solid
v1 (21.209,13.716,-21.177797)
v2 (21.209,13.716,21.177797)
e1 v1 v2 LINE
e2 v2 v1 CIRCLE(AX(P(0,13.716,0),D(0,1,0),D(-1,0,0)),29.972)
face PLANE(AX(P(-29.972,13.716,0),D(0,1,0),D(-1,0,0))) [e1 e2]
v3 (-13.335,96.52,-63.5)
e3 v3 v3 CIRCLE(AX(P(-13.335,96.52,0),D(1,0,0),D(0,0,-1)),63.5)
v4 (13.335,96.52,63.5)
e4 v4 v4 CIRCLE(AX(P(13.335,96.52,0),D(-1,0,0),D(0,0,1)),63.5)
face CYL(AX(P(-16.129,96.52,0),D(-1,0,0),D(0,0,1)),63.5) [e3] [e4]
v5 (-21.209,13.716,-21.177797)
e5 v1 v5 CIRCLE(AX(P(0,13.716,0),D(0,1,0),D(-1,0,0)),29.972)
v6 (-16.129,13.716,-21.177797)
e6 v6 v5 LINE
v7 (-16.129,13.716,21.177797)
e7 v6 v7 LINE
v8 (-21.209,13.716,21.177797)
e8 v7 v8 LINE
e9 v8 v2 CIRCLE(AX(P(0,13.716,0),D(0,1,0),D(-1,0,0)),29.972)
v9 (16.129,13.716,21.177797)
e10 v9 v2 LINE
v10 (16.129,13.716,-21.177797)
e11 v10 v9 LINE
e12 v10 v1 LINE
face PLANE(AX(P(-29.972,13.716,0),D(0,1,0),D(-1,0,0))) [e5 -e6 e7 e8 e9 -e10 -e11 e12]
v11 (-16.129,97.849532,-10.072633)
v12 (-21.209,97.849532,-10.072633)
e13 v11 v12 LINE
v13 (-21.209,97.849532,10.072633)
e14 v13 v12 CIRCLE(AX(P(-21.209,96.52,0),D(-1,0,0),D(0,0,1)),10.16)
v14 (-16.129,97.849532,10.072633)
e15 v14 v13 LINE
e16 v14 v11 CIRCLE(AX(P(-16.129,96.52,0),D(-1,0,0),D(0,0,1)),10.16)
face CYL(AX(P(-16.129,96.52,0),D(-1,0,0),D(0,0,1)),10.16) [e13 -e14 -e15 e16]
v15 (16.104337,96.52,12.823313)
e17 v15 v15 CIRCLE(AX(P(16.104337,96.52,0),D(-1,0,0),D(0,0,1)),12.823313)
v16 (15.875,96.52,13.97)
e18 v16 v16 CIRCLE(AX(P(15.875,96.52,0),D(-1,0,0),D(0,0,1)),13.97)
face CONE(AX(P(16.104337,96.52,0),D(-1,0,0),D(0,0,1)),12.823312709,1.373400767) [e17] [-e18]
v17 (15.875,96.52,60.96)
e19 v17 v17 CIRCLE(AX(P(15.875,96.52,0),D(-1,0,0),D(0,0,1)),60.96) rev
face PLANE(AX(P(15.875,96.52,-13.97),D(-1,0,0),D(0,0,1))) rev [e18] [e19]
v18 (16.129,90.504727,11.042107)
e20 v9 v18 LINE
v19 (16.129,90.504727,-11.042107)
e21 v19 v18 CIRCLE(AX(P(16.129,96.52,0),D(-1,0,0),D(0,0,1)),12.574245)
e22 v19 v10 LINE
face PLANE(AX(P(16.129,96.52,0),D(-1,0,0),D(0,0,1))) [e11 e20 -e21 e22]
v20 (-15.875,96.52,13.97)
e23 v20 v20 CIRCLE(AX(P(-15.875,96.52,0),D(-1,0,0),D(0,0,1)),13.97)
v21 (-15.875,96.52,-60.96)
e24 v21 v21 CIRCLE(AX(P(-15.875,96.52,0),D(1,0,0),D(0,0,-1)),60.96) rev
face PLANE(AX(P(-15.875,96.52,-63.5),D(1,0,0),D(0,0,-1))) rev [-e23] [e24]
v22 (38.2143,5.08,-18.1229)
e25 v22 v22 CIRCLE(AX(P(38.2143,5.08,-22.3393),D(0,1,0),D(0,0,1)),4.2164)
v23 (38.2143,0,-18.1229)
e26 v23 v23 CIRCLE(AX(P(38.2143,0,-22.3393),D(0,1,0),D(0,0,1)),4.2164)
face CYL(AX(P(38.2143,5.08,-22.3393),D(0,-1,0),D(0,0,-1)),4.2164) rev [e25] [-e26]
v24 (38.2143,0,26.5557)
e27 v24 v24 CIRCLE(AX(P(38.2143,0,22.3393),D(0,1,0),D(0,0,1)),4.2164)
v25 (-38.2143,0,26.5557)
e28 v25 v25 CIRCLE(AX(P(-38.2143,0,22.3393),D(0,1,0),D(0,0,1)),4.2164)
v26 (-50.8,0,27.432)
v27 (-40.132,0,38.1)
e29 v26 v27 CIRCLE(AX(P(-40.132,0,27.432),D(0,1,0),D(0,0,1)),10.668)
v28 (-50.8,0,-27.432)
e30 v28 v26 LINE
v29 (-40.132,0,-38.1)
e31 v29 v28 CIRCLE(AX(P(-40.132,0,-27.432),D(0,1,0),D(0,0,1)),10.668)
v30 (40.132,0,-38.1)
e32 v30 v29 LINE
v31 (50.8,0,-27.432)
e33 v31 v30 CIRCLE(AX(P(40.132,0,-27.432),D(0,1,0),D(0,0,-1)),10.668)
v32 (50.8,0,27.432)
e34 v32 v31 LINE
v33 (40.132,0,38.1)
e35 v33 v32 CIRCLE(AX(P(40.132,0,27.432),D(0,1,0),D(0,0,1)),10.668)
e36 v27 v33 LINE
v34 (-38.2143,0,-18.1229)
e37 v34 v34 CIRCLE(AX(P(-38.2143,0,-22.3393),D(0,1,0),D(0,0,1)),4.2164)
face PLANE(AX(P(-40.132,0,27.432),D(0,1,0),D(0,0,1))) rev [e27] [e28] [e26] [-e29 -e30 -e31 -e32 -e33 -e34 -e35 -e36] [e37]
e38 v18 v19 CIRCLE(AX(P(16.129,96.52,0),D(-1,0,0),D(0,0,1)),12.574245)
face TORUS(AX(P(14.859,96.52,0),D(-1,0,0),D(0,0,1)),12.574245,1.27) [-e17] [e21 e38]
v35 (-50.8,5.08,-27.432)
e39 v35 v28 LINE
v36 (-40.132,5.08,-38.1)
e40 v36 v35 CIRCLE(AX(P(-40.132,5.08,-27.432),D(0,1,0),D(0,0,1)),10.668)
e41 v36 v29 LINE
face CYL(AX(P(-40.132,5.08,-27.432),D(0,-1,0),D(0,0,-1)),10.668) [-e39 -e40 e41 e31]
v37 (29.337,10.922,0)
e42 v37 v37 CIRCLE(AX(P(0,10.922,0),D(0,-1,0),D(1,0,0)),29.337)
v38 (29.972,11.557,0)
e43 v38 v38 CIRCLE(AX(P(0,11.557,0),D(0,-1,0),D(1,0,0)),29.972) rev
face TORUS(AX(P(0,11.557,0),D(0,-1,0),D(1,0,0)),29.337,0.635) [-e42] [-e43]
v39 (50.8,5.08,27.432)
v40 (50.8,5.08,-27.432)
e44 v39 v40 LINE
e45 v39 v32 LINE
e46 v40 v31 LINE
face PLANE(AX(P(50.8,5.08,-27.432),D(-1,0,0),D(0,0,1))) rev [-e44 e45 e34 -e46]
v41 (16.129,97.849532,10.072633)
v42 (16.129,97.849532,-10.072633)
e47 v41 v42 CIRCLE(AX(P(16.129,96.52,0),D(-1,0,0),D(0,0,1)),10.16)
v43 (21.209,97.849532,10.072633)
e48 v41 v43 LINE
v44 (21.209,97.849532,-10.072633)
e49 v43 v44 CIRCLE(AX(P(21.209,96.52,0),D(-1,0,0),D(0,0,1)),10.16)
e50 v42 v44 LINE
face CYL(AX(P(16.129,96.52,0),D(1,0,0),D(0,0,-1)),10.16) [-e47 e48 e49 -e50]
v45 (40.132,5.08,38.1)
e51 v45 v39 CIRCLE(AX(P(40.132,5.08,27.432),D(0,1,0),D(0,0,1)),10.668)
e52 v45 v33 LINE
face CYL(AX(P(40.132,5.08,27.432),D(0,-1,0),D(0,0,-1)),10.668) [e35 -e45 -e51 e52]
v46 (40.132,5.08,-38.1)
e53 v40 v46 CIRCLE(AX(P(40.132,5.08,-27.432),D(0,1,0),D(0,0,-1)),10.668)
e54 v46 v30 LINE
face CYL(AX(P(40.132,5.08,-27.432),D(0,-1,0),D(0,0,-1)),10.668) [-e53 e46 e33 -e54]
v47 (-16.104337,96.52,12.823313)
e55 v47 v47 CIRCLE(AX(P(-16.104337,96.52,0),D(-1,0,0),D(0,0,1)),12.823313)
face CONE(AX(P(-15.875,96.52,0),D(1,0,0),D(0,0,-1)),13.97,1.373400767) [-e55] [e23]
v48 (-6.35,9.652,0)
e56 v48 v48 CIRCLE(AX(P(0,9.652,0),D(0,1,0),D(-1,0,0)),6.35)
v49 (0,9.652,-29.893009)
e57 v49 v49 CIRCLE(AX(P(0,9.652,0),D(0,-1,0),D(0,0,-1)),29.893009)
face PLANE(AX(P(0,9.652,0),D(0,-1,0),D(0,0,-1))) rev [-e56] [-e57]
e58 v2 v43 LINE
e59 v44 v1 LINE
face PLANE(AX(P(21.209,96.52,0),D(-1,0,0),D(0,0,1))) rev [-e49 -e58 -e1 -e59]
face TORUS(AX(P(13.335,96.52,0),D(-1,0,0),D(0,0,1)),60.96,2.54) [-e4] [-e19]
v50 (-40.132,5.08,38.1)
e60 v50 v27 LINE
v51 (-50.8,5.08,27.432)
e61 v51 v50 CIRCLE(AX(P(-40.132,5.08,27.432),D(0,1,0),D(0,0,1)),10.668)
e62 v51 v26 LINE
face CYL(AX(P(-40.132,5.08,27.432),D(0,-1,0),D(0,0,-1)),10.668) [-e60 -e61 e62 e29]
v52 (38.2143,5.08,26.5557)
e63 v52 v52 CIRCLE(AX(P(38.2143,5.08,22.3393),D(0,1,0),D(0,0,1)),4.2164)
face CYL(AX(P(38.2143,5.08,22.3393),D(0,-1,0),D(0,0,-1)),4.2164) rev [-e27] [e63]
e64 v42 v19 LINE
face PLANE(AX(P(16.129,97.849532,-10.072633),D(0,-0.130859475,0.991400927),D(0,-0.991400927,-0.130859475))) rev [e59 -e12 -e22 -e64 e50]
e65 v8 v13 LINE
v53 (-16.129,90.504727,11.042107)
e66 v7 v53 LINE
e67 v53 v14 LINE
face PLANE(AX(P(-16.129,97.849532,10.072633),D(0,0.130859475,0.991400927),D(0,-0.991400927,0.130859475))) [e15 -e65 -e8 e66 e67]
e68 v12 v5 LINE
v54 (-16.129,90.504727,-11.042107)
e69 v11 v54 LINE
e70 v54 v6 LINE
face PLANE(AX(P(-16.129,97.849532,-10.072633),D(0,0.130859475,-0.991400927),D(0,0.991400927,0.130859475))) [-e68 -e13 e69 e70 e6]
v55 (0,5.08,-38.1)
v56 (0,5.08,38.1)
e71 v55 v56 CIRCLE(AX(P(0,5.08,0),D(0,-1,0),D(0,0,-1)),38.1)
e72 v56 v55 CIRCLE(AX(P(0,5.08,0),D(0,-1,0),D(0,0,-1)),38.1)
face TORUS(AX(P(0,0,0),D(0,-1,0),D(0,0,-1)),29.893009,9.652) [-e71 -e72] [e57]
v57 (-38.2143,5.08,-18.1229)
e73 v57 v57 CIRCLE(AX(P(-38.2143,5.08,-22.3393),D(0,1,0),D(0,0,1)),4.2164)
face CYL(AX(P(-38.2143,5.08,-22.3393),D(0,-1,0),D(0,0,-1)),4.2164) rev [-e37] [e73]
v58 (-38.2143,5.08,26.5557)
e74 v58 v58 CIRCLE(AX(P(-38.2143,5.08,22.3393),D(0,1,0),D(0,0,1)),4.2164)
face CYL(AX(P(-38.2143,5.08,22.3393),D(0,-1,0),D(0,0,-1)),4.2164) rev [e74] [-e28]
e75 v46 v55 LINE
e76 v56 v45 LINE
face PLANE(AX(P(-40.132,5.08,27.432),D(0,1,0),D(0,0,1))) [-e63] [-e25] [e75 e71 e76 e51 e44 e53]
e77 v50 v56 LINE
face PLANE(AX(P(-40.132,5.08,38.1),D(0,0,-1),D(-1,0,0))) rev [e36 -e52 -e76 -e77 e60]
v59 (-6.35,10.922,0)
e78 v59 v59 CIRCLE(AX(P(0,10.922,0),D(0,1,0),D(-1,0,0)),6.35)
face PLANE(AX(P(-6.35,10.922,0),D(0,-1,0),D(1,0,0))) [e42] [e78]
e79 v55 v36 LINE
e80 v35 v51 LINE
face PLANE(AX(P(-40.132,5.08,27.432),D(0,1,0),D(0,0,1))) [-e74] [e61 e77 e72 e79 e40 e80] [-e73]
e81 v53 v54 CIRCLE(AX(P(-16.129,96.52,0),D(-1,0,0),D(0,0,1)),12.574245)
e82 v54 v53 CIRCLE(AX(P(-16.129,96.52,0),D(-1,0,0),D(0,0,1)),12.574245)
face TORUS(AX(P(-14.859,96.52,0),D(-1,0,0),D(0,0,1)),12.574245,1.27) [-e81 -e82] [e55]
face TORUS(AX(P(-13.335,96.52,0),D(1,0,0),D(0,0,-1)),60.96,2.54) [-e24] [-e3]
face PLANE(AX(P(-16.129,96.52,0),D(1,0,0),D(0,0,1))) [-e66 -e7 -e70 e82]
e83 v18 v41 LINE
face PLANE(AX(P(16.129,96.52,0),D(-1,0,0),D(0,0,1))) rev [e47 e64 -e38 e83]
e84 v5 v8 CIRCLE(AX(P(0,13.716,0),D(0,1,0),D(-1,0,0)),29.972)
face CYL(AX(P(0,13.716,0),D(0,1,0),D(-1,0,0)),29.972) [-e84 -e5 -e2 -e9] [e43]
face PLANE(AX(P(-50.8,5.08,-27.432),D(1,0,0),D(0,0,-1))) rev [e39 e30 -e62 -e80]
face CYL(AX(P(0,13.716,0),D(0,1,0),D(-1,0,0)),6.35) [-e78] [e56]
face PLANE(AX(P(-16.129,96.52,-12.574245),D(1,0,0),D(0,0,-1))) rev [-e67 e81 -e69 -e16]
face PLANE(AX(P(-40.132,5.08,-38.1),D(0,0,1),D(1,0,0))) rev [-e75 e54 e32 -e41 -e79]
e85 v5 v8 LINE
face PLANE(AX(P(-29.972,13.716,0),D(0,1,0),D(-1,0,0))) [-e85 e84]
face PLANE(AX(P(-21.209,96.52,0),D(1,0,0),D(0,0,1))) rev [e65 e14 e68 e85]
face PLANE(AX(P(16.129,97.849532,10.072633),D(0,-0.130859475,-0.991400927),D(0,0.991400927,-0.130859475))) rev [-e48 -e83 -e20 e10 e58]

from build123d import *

# Parameters (mm, degrees)
SKETCH1_R               = 4.2164
MOUNTING_PLATE_MP_DEPTH = 5.08
WHEEL_SUPPORT_1_DEPTH   = 5.08
FILLET1_R               = 2.54
FILLET2_R               = 0.635


with BuildPart() as part:
    # Sketch1 → Mounting Plate (MP) (new body)
    with BuildSketch(Plane(origin=(0, 0, 0), x_dir=(1, 0, 0), z_dir=(0, 1, 0))):
        with BuildLine():
            Line((-40.132, 38.1), (40.132, 38.1))
            ThreePointArc((40.132, 38.1), (47.675415142, 34.975415142), (50.8, 27.432))
            Line((50.8, 27.432), (50.8, -27.432))
            ThreePointArc((50.8, -27.432), (47.675415142, -34.975415142), (40.132, -38.1))
            Line((40.132, -38.1), (-40.132, -38.1))
            ThreePointArc((-40.132, -38.1), (-47.675415142, -34.975415142), (-50.8, -27.432))
            Line((-50.8, -27.432), (-50.8, 27.432))
            ThreePointArc((-50.8, 27.432), (-47.675415142, 34.975415142), (-40.132, 38.1))
        make_face()
        with Locations((38.2143, 22.3393)):
            Circle(SKETCH1_R, mode=Mode.SUBTRACT)
        with Locations((-38.2143, 22.3393)):
            Circle(SKETCH1_R, mode=Mode.SUBTRACT)
        with Locations((-38.2143, -22.3393)):
            Circle(SKETCH1_R, mode=Mode.SUBTRACT)
        with Locations((38.2143, -22.3393)):
            Circle(SKETCH1_R, mode=Mode.SUBTRACT)
    extrude(amount=MOUNTING_PLATE_MP_DEPTH)

    # Sketch2 → MP Bearing Retainer (revolve)
    with BuildSketch(Plane.XY):
        with BuildLine():
            Line((0, 9.652), (-29.893008834, 9.652))
            ThreePointArc((-29.893008834, 9.652), (-34.590292304, 8.431881878), (-38.1, 5.08))
            Line((-38.1, 5.08), (0, 5.08))
            Line((0, 5.08), (0, 9.652))
        make_face()
    revolve(axis=Axis((0, 5.08, 0), (0, 1, 0)))

    # Sketch3 → Caster Wheel Base (revolve)
    with BuildSketch(Plane.XY):
        Polygon((0, 9.652), (-6.35, 9.652), (-6.35, 10.922), (-29.972, 10.922), (-29.972, 13.716), (0, 13.716), align=None)
    revolve(axis=Axis((0, 13.716, 0), (0, -1, 0)))

    # Sketch7 → Wheel Support 1 (add)
    with BuildSketch(Plane.ZY.offset(-21.209)):
        with BuildLine():
            Line((10.072633417, 97.849532267), (21.177797407, 13.716))
            Line((21.177797407, 13.716), (-21.177797407, 13.716))
            Line((-21.177797407, 13.716), (-10.072633417, 97.849532267))
            ThreePointArc((-10.072633417, 97.849532267), (0, 106.68), (10.072633417, 97.849532267))
        make_face()
    wheel_support_1 = extrude(amount=WHEEL_SUPPORT_1_DEPTH)

    # Wheel Support 2: Wheel Support 1 across plane
    add(wheel_support_1.mirror(Plane.ZY))

    # Sketch9 → Revolve3 (revolve)
    with BuildSketch(Plane(origin=(0, 96.52, 0), x_dir=(1, 0, 0), z_dir=(0, 1, 0))):
        with BuildLine():
            Line((-16.129, 0), (16.129, 0))
            Line((16.129, 0), (16.129, 12.574245218))
            ThreePointArc((16.129, 12.574245218), (16.122819325, 12.699387993), (16.104337458, 12.823312709))
            Line((16.104337458, 12.823312709), (15.875, 13.97))
            Line((15.875, 13.97), (15.875, 63.5))
            Line((15.875, 63.5), (-15.875, 63.5))
            Line((-15.875, 63.5), (-15.875, 13.97))
            Line((-15.875, 13.97), (-16.104337458, 12.823312709))
            ThreePointArc((-16.104337458, 12.823312709), (-16.122819325, 12.699387993), (-16.129, 12.574245218))
            Line((-16.129, 12.574245218), (-16.129, 0))
        make_face()
    revolve(axis=Axis((-16.129, 96.52, 0), (1, 0, 0)))

    # Fillet1
    fillet1_edges = [part.edges().sort_by_distance(p)[0] for p in [
        (15.875, 96.52, 63.5),
        (-15.875, 96.52, 63.5),
    ]]
    fillet(fillet1_edges, radius=FILLET1_R)

    # Fillet2
    fillet2_edges = [part.edges().sort_by_distance(p)[0] for p in [
        (29.972, 10.922, 0),
    ]]
    fillet(fillet2_edges, radius=FILLET2_R)


solid = part.part
